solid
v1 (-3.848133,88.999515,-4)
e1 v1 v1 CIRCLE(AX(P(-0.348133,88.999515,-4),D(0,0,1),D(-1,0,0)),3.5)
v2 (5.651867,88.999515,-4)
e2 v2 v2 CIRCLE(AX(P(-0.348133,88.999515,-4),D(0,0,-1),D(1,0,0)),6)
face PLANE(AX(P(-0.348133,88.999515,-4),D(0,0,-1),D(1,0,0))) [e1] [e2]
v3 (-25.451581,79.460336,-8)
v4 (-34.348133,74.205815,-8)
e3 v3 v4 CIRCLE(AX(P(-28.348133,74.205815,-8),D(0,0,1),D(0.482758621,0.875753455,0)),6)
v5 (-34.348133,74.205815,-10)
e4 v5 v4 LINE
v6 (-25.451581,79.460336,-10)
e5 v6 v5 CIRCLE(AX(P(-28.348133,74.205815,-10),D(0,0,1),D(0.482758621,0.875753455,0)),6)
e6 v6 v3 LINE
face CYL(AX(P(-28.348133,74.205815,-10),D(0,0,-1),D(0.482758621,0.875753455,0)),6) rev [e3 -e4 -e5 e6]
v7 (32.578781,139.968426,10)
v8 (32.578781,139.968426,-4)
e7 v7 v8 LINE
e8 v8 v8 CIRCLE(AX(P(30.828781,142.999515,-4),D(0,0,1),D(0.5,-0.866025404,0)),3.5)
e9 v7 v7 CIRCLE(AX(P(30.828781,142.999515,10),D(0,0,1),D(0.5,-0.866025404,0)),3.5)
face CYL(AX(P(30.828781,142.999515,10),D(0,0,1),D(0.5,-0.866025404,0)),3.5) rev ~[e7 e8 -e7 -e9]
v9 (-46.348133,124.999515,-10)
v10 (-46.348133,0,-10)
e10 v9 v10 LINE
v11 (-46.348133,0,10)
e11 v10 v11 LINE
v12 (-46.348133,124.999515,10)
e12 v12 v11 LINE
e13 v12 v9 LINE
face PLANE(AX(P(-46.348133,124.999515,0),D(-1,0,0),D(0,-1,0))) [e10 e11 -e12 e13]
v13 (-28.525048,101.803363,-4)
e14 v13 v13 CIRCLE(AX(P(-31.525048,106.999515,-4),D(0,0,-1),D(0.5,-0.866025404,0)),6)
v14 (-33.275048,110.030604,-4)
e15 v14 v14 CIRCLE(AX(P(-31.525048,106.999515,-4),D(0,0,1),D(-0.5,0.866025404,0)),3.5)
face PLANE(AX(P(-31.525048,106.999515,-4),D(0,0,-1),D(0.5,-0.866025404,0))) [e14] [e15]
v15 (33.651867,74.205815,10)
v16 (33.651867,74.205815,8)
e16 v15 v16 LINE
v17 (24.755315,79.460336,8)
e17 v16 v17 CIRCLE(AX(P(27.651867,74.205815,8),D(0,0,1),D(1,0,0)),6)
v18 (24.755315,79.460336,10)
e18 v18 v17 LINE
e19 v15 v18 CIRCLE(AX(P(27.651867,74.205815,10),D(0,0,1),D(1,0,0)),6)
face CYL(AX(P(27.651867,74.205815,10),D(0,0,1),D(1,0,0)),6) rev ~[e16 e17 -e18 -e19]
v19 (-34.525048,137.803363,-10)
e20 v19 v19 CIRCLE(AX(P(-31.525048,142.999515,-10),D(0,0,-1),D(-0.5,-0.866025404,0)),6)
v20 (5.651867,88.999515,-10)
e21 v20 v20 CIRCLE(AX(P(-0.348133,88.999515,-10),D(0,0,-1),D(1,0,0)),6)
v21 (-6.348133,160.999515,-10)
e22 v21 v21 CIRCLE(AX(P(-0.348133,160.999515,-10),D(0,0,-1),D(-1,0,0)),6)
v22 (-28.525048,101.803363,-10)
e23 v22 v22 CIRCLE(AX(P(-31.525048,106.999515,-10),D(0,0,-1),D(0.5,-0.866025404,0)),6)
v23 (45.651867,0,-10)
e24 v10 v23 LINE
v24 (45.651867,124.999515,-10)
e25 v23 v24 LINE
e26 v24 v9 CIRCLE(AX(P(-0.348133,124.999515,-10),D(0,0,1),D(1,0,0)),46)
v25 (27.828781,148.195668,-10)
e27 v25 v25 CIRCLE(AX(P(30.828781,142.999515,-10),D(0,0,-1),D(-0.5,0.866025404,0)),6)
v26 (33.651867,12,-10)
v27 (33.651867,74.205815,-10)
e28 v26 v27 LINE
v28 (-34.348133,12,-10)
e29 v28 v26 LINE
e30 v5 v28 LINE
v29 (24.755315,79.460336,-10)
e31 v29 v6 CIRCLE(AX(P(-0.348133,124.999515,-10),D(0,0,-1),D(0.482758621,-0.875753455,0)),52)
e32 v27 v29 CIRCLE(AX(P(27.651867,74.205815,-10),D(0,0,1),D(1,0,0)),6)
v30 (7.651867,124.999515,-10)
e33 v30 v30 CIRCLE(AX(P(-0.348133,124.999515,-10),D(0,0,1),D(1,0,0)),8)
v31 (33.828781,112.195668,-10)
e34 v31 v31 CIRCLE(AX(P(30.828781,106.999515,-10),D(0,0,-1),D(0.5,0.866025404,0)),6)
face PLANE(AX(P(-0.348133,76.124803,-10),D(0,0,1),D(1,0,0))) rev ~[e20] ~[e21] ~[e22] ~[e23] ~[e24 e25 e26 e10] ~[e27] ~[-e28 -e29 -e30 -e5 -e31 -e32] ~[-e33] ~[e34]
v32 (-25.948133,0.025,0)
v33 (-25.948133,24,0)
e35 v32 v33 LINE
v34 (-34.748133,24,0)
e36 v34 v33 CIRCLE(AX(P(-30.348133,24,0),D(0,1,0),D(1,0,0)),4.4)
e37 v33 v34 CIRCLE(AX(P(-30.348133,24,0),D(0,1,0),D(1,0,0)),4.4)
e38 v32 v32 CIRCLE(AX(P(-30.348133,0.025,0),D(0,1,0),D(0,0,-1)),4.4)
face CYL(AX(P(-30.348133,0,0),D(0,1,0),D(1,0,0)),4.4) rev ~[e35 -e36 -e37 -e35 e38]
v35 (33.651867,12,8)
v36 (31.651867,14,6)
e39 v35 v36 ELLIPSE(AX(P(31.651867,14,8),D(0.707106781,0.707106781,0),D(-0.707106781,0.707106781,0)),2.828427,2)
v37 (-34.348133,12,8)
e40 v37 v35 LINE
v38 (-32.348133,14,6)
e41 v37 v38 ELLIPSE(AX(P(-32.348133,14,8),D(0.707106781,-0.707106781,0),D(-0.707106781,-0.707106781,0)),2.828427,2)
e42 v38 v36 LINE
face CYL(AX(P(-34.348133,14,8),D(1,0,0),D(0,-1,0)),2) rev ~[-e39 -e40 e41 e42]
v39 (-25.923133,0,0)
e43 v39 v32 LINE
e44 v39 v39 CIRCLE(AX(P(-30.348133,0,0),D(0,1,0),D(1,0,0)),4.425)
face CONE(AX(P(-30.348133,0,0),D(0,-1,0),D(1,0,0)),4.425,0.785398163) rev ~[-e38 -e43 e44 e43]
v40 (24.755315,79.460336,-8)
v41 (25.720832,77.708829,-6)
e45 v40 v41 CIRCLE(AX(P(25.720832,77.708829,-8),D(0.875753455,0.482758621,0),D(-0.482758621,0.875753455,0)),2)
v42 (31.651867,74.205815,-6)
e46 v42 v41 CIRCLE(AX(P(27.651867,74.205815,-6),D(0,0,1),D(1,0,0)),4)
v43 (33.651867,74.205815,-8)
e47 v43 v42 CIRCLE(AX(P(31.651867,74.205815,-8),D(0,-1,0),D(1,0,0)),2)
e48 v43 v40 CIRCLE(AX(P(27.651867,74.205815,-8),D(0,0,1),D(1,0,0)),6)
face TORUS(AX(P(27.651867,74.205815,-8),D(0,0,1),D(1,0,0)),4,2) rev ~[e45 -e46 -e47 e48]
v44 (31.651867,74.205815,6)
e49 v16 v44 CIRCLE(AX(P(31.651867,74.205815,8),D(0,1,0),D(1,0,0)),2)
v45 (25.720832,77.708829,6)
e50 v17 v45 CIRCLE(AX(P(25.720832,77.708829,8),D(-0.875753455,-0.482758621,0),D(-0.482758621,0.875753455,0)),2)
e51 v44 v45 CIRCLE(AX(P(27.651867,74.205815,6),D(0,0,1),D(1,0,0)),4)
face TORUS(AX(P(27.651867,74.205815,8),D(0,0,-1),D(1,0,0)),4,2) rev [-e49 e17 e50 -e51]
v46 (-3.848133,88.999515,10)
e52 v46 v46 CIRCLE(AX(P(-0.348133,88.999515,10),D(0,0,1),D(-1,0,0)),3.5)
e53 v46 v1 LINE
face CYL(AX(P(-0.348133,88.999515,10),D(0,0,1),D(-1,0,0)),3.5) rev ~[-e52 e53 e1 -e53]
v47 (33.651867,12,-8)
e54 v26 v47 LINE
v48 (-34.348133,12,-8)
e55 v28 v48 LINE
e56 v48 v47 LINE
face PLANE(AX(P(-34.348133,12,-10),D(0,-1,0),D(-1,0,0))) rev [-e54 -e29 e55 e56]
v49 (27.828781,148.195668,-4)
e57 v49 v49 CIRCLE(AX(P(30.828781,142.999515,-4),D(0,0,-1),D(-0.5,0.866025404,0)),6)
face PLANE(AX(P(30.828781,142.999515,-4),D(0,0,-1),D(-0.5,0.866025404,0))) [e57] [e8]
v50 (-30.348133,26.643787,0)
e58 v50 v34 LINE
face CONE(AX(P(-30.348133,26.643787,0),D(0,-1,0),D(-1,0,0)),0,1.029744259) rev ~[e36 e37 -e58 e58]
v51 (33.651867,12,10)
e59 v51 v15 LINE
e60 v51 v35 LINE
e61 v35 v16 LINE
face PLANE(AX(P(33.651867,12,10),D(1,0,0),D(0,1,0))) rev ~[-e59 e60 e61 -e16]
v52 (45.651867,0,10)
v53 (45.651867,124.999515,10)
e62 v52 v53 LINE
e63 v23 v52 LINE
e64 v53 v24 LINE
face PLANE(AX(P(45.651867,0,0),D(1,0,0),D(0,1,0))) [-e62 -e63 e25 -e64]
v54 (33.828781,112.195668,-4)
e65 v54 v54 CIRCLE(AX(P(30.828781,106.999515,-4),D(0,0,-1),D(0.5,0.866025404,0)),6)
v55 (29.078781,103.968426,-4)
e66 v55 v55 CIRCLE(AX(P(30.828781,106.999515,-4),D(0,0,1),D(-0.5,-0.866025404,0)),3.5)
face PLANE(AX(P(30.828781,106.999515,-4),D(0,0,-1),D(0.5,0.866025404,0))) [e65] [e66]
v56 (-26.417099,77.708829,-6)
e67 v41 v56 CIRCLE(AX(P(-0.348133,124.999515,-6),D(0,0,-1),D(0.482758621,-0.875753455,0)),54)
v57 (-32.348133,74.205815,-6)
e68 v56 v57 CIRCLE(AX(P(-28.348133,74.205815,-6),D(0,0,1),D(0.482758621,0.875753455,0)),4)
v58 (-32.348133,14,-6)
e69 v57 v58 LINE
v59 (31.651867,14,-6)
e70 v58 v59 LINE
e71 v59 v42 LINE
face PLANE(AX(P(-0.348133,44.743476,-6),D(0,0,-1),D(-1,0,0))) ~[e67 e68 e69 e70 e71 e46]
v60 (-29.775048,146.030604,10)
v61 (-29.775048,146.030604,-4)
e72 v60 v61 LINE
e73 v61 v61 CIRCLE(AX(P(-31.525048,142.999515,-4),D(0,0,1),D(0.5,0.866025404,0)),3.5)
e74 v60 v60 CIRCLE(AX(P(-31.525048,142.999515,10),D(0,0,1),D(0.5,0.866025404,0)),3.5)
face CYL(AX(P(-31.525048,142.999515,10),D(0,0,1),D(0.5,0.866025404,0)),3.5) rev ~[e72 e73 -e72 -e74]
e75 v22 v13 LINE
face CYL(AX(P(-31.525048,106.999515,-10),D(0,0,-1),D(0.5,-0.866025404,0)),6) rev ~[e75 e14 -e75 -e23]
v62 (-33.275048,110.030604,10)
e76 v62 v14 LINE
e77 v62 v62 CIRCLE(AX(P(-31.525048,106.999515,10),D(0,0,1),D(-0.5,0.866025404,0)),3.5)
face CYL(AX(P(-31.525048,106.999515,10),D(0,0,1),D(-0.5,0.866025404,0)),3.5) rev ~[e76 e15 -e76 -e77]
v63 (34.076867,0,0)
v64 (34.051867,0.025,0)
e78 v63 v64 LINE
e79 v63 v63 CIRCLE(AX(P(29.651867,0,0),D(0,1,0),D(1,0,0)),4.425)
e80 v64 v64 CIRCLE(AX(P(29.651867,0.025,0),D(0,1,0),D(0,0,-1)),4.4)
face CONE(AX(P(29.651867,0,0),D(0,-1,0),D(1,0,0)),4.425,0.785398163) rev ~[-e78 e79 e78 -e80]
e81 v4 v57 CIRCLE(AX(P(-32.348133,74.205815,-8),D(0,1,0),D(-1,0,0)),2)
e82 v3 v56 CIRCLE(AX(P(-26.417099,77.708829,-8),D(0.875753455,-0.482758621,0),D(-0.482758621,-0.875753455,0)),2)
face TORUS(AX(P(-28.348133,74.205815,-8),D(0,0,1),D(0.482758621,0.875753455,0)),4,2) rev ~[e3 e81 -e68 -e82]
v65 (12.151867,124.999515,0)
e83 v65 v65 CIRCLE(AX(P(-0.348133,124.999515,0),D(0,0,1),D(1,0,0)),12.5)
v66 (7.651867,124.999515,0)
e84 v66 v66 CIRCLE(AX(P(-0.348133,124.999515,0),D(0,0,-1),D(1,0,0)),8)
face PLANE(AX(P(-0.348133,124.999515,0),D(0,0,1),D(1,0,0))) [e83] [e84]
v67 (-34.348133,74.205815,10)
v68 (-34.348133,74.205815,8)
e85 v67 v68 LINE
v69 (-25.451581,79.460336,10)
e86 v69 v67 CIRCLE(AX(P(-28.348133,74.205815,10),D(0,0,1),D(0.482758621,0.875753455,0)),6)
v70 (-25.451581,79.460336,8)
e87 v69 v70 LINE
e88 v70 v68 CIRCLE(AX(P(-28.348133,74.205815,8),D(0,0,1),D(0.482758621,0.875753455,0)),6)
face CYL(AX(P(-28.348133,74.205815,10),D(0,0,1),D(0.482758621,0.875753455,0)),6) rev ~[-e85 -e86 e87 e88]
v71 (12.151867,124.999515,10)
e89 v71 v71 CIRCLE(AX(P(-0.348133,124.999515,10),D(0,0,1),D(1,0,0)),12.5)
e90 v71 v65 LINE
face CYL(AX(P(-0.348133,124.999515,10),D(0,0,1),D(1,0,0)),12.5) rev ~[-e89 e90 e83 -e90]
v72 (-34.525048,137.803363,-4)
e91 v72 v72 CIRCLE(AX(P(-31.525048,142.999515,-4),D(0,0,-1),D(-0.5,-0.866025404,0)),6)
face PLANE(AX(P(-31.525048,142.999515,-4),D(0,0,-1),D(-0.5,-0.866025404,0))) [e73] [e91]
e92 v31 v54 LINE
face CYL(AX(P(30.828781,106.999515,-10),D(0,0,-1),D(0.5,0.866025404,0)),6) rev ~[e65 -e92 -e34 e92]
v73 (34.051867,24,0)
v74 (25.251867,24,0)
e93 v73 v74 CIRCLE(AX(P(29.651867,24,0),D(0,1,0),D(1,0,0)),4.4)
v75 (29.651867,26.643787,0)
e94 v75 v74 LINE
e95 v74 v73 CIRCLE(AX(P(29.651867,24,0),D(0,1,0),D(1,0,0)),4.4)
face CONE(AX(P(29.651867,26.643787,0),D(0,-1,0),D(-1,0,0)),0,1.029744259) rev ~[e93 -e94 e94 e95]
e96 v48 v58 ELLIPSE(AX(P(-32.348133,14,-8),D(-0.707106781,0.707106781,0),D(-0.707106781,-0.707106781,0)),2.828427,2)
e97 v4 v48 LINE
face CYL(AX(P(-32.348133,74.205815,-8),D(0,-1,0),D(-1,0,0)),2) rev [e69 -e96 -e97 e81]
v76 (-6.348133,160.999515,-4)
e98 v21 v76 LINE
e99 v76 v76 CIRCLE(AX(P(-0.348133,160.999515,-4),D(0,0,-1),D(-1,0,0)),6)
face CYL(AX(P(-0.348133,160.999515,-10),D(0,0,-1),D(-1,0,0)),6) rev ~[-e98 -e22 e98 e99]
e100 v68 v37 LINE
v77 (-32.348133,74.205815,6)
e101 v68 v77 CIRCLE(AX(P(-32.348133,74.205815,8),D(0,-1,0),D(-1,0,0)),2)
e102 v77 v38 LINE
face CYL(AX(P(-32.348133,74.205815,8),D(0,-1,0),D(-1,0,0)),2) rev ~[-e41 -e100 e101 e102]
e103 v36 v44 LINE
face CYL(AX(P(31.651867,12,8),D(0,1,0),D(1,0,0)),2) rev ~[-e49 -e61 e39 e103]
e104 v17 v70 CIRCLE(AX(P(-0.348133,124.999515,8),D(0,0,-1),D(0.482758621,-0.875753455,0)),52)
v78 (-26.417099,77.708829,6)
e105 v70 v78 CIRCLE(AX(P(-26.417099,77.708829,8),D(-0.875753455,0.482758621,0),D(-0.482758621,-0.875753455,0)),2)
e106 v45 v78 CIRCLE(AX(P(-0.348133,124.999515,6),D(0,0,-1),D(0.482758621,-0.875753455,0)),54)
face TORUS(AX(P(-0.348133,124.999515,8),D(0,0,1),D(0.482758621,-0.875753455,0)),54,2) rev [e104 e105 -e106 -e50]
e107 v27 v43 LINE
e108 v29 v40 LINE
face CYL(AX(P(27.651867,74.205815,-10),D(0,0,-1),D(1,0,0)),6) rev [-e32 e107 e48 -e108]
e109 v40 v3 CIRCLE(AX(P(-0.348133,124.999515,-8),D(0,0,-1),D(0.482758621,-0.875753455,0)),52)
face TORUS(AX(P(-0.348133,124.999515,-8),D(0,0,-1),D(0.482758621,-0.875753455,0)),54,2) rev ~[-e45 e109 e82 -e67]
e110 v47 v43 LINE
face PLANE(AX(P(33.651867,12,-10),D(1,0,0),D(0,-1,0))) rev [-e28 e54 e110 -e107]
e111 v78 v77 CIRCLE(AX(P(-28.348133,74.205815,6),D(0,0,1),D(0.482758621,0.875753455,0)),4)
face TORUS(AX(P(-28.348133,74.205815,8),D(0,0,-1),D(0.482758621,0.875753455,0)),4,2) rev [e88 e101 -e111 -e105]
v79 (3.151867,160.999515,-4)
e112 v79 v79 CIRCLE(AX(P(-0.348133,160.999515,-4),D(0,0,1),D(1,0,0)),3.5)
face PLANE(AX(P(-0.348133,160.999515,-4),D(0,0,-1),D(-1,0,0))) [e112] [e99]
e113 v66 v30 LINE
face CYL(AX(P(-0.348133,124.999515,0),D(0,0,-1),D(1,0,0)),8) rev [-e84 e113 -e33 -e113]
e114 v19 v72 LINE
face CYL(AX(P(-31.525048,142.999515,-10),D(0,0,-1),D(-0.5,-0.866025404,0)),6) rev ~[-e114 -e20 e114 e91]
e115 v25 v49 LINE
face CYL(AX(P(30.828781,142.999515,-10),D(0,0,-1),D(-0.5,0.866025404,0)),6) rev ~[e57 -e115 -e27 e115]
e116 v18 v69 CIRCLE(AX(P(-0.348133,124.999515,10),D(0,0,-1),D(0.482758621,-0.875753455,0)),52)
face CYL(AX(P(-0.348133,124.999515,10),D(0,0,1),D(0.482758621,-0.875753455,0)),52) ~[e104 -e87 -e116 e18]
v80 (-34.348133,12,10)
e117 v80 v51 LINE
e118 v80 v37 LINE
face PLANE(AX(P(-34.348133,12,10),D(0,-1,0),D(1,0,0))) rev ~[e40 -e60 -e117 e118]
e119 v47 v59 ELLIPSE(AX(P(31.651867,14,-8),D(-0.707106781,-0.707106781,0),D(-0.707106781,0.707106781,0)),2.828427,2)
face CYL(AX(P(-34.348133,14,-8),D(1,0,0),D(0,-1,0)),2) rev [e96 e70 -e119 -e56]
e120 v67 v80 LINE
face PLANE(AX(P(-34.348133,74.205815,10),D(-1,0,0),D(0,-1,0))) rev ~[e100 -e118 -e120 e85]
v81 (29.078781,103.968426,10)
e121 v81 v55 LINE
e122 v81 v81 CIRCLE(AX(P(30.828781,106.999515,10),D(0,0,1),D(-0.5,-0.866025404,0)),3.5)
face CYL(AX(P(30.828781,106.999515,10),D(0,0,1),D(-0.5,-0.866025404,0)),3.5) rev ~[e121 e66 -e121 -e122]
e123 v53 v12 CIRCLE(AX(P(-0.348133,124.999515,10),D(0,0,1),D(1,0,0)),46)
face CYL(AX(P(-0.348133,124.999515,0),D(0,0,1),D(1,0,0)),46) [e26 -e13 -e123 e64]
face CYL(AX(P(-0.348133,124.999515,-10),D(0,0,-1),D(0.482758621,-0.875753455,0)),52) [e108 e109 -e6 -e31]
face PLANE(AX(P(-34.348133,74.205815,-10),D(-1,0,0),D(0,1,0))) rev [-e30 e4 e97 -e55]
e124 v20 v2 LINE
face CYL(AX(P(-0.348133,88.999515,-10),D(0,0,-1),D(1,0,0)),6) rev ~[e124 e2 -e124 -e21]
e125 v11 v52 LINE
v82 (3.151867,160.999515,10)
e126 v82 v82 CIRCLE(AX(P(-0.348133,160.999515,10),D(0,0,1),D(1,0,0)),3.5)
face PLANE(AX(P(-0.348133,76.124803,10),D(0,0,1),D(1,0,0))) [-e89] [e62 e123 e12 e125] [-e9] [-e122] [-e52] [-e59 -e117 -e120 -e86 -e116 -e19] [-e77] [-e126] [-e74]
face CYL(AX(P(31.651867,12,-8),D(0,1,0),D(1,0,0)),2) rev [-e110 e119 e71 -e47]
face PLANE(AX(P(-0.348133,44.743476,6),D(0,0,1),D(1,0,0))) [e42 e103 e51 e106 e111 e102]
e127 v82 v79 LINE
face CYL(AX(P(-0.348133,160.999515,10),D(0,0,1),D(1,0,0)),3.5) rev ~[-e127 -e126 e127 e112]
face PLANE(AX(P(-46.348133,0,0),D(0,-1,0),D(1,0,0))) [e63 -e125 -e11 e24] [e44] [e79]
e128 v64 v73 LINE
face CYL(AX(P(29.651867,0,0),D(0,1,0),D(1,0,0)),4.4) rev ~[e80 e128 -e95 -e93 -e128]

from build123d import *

# Parameters (mm, degrees)
SKETCH1_R                               = 8
BOSS_EXTRUDE1_DEPTH                     = 10
SKETCH2_R                               = 12.5
CUT_EXTRUDE1_DEPTH                      = 10
SKETCH3_R                               = 3.5
CUT_EXTRUDE2_DEPTH                      = 40
SKETCH4_R                               = 6
CUT_EXTRUDE3_DEPTH                      = 6
CIRPATTERN1_COUNT                       = 6
TAP_DRILL_FOR_M10X1_25_TAP1_D           = 8.8
TAP_DRILL_FOR_M10X1_25_TAP1_DEPTH       = 24
TAP_DRILL_FOR_M10X1_25_TAP1_CSINK_D     = 8.85
TAP_DRILL_FOR_M10X1_25_TAP1_CSINK_ANGLE = 90
TAP_DRILL_FOR_M10X1_25_TAP1_TIP         = 2.643786724
CUT_EXTRUDE4_DEPTH                      = 4
FILLET2_R                               = 2
FILLET2_OF_MIRROR5_R                    = 2


with BuildPart() as part:
    # Sketch1 → Boss-Extrude1 (new, symmetric)
    with BuildSketch(Plane.XY):
        with BuildLine():
            Line((-46.348133122, 124.999515212), (-46.348133122, 0))
            Line((-46.348133122, 0), (45.651866878, 0))
            Line((45.651866878, 0), (45.651866878, 124.999515212))
            ThreePointArc((45.651866878, 124.999515212), (-0.348133122, 170.999515212), (-46.348133122, 124.999515212))
        make_face()
        with Locations((-0.348133122, 124.999515212)):
            Circle(SKETCH1_R, mode=Mode.SUBTRACT)
    extrude(amount=BOSS_EXTRUDE1_DEPTH, both=True)

    # Sketch2 → Cut-Extrude1 (cut)
    with BuildSketch(Plane.XY.offset(10)):
        with Locations((-0.348133122, 124.999515212)):
            Circle(SKETCH2_R)
    extrude(amount=-CUT_EXTRUDE1_DEPTH, mode=Mode.SUBTRACT)

    # Sketch3 → Cut-Extrude2 (cut)
    with BuildSketch(Plane.XY.offset(10)):
        with Locations((-0.348133122, 160.999515212)):
            Circle(SKETCH3_R)
    cut_extrude2 = extrude(amount=-CUT_EXTRUDE2_DEPTH, mode=Mode.SUBTRACT)

    # Sketch4 → Cut-Extrude3 (cut)
    with BuildSketch(Plane(origin=(0, 0, -10), x_dir=(-1, 0, 0), z_dir=(0, 0, -1))):
        with Locations((0.348133122, 160.999515212)):
            Circle(SKETCH4_R)
    cut_extrude3 = extrude(amount=-CUT_EXTRUDE3_DEPTH, mode=Mode.SUBTRACT)

    # CirPattern1: Cut-Extrude2, Cut-Extrude3 ×6 about axis
    cirpattern1_axis = Axis((-0.348133122, 124.999515212, 0), (0, 0, 1))
    add([cut_extrude2.rotate(cirpattern1_axis, i * 360 / CIRPATTERN1_COUNT) for i in range(1, CIRPATTERN1_COUNT)], mode=Mode.SUBTRACT)
    add([cut_extrude3.rotate(cirpattern1_axis, i * 360 / CIRPATTERN1_COUNT) for i in range(1, CIRPATTERN1_COUNT)], mode=Mode.SUBTRACT)

    # Tap Drill for M10x1.25 Tap1
    with Locations(Plane(origin=(0, 0, 0), x_dir=(-1, 0, 0), z_dir=(0, -1, 0))):
        with Locations((-29.651866878, 0), (30.348133122, 0)):
            CounterSinkHole(TAP_DRILL_FOR_M10X1_25_TAP1_D / 2, TAP_DRILL_FOR_M10X1_25_TAP1_CSINK_D / 2, depth=TAP_DRILL_FOR_M10X1_25_TAP1_DEPTH, counter_sink_angle=TAP_DRILL_FOR_M10X1_25_TAP1_CSINK_ANGLE)
            with Locations((0, 0, -(TAP_DRILL_FOR_M10X1_25_TAP1_DEPTH + TAP_DRILL_FOR_M10X1_25_TAP1_TIP / 2))):  # 118° drill point
                Cone(0, TAP_DRILL_FOR_M10X1_25_TAP1_D / 2, TAP_DRILL_FOR_M10X1_25_TAP1_TIP, mode=Mode.SUBTRACT)

    # Sketch15 → Cut-Extrude4 (cut)
    with BuildSketch(Plane.XY.offset(10)):
        with BuildLine():
            Line((33.651866878, 12), (33.651866878, 74.205814816))
            ThreePointArc((33.651866878, 74.205814816), (30.703152645, 79.372017984), (24.755315154, 79.460335546))
            ThreePointArc((24.755315154, 79.460335546), (-0.348133122, 72.999515212), (-25.451581398, 79.460335546))
            ThreePointArc((-25.451581398, 79.460335546), (-31.399418888, 79.372017984), (-34.348133122, 74.205814816))
            Line((-34.348133122, 74.205814816), (-34.348133122, 12))
            Line((-34.348133122, 12), (33.651866878, 12))
        make_face()
    cut_extrude4 = extrude(amount=-CUT_EXTRUDE4_DEPTH, mode=Mode.SUBTRACT)

    # Fillet2
    fillet2_edges = [part.edges().sort_by_distance(p)[0] for p in [
        (30.703152645, 79.372017984, 6),
        (33.651866878, 43.102907408, 6),
        (-0.348133122, 12, 6),
        (-34.348133122, 43.102907408, 6),
        (-31.399418888, 79.372017984, 6),
        (-0.348133122, 72.999515212, 6),
    ]]
    fillet(fillet2_edges, radius=FILLET2_R)

    # Mirror5: Cut-Extrude4 across plane
    add(cut_extrude4.mirror(Plane.XY), mode=Mode.SUBTRACT)

    # Fillet2 of Mirror5
    fillet2_of_mirror5_edges = [part.edges().sort_by_distance(p)[0] for p in [
        (30.703152645, 79.372017984, -6),
        (33.651866878, 43.102907408, -6),
        (-0.348133122, 12, -6),
        (-34.348133122, 43.102907408, -6),
        (-31.399418888, 79.372017984, -6),
        (-0.348133122, 72.999515212, -6),
    ]]
    fillet(fillet2_of_mirror5_edges, radius=FILLET2_OF_MIRROR5_R)


solid = part.part
